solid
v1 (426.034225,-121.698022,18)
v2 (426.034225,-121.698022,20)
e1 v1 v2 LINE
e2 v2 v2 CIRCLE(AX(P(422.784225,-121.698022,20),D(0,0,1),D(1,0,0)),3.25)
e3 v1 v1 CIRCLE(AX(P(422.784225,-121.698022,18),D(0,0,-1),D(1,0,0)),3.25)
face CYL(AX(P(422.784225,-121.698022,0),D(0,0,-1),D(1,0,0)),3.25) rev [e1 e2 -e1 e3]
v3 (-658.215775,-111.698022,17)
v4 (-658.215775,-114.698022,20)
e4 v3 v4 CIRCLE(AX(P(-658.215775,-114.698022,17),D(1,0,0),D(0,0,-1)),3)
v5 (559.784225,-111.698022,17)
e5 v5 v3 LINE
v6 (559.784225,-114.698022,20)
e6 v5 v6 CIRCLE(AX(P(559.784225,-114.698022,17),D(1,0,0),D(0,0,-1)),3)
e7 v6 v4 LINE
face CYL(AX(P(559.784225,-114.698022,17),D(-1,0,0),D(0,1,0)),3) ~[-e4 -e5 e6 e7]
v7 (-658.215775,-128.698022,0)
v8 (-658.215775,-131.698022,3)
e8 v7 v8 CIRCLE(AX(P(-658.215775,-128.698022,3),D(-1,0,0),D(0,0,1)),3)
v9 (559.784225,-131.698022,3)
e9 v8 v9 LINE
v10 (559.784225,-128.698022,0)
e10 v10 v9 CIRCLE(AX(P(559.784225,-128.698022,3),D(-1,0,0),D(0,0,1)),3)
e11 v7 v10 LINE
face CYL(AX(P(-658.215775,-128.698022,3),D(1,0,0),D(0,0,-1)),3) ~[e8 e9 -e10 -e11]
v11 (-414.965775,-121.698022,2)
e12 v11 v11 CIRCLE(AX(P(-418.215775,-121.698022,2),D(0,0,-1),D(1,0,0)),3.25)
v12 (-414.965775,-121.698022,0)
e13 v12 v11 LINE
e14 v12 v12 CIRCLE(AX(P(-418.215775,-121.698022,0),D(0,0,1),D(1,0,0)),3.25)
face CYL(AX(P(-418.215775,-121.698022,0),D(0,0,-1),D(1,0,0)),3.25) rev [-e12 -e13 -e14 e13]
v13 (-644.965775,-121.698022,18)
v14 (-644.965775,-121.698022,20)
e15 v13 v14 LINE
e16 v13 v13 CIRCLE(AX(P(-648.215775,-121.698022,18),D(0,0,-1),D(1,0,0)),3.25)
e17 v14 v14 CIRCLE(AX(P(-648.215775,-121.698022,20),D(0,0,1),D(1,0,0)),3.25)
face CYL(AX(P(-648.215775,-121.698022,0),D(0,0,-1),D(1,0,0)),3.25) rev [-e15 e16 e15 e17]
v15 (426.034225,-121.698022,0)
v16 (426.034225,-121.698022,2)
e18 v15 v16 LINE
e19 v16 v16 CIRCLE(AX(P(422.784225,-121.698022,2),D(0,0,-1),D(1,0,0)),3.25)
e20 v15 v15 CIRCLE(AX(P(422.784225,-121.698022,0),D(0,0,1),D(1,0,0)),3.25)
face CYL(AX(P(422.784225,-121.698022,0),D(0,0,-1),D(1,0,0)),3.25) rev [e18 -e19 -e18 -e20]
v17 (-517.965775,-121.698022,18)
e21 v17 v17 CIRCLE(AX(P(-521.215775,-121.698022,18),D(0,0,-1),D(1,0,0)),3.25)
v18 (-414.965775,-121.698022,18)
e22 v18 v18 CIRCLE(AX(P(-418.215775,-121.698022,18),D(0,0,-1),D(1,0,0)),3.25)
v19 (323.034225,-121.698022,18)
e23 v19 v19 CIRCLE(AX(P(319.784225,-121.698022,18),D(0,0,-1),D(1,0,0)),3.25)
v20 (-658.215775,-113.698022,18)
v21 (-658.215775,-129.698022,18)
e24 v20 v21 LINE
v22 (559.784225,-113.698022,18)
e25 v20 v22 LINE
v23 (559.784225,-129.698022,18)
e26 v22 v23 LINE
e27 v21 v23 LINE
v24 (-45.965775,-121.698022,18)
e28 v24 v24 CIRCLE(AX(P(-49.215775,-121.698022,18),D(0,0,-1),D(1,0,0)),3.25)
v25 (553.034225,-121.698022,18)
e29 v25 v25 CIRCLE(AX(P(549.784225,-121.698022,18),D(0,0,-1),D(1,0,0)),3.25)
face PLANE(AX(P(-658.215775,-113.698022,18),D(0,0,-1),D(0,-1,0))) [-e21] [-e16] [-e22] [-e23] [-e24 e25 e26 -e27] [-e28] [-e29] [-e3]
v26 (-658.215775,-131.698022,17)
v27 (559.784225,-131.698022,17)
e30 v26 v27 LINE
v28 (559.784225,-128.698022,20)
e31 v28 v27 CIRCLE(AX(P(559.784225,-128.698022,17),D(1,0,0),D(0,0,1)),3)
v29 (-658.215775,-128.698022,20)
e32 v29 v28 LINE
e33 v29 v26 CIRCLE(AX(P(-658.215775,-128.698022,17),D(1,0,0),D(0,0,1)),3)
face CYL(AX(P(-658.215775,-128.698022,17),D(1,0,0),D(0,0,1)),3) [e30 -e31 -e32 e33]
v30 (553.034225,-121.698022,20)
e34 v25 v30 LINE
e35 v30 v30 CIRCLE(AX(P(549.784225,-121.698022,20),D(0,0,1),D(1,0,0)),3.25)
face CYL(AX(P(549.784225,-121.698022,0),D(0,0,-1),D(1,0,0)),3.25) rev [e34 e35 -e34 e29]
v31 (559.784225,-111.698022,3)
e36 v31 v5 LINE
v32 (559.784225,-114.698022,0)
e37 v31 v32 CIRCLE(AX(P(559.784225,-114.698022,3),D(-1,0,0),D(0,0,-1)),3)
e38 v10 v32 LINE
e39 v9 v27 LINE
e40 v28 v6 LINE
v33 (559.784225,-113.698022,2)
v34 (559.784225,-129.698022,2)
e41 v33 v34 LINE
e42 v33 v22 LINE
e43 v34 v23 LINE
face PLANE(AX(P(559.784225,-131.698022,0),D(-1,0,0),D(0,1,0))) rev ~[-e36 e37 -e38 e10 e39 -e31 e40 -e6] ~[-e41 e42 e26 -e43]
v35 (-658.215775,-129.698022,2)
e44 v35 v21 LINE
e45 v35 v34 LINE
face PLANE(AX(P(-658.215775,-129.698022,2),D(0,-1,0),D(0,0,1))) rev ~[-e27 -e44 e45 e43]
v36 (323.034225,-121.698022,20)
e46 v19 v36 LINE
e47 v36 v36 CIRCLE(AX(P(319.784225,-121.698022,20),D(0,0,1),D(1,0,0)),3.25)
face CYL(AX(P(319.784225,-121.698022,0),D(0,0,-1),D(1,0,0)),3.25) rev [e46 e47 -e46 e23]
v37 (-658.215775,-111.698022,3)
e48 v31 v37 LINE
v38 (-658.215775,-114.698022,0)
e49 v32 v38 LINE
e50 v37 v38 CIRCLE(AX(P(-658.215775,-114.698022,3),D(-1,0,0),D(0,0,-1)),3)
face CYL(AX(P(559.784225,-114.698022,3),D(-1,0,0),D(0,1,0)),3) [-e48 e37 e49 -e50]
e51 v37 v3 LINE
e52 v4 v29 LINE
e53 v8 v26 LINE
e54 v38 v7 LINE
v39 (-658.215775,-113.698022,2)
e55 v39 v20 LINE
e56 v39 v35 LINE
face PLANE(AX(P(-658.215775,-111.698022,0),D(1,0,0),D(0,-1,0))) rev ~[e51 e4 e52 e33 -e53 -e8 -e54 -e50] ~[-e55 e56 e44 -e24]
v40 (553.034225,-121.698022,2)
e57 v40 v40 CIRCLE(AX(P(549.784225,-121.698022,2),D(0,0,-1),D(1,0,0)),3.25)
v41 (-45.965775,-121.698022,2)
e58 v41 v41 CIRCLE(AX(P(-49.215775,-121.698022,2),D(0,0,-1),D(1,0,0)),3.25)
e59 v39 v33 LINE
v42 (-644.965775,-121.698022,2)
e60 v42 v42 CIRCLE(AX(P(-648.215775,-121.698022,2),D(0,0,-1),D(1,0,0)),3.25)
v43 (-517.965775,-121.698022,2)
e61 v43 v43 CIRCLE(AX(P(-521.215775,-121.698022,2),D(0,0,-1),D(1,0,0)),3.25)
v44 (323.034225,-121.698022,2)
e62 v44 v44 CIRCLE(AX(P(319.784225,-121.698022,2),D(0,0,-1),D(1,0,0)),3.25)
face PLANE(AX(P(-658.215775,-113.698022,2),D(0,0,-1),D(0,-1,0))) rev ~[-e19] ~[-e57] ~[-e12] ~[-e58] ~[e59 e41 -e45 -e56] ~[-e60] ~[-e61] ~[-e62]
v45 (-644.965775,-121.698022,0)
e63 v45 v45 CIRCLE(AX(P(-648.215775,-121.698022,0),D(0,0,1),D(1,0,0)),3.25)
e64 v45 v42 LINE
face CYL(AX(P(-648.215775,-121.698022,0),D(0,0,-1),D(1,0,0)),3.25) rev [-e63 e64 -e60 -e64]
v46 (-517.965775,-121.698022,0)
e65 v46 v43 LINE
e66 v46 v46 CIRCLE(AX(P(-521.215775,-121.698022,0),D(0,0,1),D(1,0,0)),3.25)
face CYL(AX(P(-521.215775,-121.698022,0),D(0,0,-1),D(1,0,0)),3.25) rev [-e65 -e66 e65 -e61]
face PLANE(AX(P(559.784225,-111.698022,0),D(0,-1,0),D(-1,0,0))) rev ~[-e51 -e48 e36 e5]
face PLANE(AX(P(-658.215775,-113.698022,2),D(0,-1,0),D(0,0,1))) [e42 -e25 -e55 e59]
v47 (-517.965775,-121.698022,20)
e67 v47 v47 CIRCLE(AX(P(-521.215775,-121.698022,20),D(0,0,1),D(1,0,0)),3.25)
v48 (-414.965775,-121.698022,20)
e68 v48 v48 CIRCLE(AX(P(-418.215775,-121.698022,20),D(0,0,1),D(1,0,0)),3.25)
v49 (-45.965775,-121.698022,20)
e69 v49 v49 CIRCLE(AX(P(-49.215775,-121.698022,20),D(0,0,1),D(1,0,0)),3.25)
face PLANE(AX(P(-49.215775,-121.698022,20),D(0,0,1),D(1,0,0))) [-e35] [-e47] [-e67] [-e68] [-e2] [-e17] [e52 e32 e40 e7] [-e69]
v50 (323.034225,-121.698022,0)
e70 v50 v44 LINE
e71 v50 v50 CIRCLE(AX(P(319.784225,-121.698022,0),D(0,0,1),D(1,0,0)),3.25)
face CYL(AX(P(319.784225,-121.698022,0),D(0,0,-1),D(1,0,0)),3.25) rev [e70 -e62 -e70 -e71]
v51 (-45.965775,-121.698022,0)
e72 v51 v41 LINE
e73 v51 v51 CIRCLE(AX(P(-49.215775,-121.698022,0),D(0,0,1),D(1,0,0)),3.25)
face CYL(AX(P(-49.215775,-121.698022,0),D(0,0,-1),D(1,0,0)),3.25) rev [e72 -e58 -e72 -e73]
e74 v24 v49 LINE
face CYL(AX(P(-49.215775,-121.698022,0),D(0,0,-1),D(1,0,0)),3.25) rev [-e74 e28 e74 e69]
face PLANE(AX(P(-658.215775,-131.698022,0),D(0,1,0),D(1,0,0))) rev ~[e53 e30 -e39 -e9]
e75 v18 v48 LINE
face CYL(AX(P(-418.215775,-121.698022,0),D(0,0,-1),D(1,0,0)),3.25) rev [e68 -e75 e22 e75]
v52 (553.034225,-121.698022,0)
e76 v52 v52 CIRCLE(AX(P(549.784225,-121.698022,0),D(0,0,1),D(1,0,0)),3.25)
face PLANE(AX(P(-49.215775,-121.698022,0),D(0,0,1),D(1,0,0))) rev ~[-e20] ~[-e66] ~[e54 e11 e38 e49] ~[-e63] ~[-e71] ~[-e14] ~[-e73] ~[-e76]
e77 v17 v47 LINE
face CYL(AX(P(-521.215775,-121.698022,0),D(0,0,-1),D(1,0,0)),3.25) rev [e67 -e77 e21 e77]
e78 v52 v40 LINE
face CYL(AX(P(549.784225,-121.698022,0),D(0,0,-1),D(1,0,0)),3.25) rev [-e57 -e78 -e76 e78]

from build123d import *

# Parameters (mm, degrees)
F0_R     = 3.25
F1_DEPTH = 20
F2_W     = 16
F2_H     = 16
F3_DEPTH = 1220
F4_R     = 3


with BuildPart() as f1:
    # F0 (on Top) → F1 (new body)
    with BuildSketch(Plane.XY):
        Polygon((549.784225, -111.698022), (-658.215775, -111.698022), (-658.215775, -131.698022), (-49.215775, -131.698022), (319.784225, -131.698022), (422.784225, -131.698022), (559.784225, -131.698022), (559.784225, -121.698022), (559.784225, -111.698022), align=None)
        with Locations((-521.215775, -121.698022)):
            Circle(F0_R, mode=Mode.SUBTRACT)
        with Locations((-418.215775, -121.698022)):
            Circle(F0_R, mode=Mode.SUBTRACT)
        with Locations((-49.215775, -121.698022)):
            Circle(F0_R, mode=Mode.SUBTRACT)
        with Locations((319.784225, -121.698022)):
            Circle(F0_R, mode=Mode.SUBTRACT)
        with Locations((422.784225, -121.698022)):
            Circle(F0_R, mode=Mode.SUBTRACT)
        with Locations((-648.215775, -121.698022)):
            Circle(F0_R, mode=Mode.SUBTRACT)
        with Locations((549.784225, -121.698022)):
            Circle(F0_R, mode=Mode.SUBTRACT)
    extrude(amount=F1_DEPTH)

    # F2 (on face) → F3 (cut)
    with BuildSketch(Plane(origin=(-658.215775, 0, 0), x_dir=(0, -1, 0), z_dir=(-1, 0, 0))):
        with Locations((121.698022, 10)):
            Rectangle(F2_W, F2_H)
    extrude(amount=-F3_DEPTH, mode=Mode.SUBTRACT)

    # F4
    f4_edges = [f1.edges().sort_by_distance(p)[0] for p in [
        (-49.215775, -131.698022, 20),
        (-49.215775, -111.698022, 20),
        (-49.215775, -131.698022, 0),
        (-49.215775, -111.698022, 0),
    ]]
    fillet(f4_edges, radius=F4_R)


solid = f1.part
